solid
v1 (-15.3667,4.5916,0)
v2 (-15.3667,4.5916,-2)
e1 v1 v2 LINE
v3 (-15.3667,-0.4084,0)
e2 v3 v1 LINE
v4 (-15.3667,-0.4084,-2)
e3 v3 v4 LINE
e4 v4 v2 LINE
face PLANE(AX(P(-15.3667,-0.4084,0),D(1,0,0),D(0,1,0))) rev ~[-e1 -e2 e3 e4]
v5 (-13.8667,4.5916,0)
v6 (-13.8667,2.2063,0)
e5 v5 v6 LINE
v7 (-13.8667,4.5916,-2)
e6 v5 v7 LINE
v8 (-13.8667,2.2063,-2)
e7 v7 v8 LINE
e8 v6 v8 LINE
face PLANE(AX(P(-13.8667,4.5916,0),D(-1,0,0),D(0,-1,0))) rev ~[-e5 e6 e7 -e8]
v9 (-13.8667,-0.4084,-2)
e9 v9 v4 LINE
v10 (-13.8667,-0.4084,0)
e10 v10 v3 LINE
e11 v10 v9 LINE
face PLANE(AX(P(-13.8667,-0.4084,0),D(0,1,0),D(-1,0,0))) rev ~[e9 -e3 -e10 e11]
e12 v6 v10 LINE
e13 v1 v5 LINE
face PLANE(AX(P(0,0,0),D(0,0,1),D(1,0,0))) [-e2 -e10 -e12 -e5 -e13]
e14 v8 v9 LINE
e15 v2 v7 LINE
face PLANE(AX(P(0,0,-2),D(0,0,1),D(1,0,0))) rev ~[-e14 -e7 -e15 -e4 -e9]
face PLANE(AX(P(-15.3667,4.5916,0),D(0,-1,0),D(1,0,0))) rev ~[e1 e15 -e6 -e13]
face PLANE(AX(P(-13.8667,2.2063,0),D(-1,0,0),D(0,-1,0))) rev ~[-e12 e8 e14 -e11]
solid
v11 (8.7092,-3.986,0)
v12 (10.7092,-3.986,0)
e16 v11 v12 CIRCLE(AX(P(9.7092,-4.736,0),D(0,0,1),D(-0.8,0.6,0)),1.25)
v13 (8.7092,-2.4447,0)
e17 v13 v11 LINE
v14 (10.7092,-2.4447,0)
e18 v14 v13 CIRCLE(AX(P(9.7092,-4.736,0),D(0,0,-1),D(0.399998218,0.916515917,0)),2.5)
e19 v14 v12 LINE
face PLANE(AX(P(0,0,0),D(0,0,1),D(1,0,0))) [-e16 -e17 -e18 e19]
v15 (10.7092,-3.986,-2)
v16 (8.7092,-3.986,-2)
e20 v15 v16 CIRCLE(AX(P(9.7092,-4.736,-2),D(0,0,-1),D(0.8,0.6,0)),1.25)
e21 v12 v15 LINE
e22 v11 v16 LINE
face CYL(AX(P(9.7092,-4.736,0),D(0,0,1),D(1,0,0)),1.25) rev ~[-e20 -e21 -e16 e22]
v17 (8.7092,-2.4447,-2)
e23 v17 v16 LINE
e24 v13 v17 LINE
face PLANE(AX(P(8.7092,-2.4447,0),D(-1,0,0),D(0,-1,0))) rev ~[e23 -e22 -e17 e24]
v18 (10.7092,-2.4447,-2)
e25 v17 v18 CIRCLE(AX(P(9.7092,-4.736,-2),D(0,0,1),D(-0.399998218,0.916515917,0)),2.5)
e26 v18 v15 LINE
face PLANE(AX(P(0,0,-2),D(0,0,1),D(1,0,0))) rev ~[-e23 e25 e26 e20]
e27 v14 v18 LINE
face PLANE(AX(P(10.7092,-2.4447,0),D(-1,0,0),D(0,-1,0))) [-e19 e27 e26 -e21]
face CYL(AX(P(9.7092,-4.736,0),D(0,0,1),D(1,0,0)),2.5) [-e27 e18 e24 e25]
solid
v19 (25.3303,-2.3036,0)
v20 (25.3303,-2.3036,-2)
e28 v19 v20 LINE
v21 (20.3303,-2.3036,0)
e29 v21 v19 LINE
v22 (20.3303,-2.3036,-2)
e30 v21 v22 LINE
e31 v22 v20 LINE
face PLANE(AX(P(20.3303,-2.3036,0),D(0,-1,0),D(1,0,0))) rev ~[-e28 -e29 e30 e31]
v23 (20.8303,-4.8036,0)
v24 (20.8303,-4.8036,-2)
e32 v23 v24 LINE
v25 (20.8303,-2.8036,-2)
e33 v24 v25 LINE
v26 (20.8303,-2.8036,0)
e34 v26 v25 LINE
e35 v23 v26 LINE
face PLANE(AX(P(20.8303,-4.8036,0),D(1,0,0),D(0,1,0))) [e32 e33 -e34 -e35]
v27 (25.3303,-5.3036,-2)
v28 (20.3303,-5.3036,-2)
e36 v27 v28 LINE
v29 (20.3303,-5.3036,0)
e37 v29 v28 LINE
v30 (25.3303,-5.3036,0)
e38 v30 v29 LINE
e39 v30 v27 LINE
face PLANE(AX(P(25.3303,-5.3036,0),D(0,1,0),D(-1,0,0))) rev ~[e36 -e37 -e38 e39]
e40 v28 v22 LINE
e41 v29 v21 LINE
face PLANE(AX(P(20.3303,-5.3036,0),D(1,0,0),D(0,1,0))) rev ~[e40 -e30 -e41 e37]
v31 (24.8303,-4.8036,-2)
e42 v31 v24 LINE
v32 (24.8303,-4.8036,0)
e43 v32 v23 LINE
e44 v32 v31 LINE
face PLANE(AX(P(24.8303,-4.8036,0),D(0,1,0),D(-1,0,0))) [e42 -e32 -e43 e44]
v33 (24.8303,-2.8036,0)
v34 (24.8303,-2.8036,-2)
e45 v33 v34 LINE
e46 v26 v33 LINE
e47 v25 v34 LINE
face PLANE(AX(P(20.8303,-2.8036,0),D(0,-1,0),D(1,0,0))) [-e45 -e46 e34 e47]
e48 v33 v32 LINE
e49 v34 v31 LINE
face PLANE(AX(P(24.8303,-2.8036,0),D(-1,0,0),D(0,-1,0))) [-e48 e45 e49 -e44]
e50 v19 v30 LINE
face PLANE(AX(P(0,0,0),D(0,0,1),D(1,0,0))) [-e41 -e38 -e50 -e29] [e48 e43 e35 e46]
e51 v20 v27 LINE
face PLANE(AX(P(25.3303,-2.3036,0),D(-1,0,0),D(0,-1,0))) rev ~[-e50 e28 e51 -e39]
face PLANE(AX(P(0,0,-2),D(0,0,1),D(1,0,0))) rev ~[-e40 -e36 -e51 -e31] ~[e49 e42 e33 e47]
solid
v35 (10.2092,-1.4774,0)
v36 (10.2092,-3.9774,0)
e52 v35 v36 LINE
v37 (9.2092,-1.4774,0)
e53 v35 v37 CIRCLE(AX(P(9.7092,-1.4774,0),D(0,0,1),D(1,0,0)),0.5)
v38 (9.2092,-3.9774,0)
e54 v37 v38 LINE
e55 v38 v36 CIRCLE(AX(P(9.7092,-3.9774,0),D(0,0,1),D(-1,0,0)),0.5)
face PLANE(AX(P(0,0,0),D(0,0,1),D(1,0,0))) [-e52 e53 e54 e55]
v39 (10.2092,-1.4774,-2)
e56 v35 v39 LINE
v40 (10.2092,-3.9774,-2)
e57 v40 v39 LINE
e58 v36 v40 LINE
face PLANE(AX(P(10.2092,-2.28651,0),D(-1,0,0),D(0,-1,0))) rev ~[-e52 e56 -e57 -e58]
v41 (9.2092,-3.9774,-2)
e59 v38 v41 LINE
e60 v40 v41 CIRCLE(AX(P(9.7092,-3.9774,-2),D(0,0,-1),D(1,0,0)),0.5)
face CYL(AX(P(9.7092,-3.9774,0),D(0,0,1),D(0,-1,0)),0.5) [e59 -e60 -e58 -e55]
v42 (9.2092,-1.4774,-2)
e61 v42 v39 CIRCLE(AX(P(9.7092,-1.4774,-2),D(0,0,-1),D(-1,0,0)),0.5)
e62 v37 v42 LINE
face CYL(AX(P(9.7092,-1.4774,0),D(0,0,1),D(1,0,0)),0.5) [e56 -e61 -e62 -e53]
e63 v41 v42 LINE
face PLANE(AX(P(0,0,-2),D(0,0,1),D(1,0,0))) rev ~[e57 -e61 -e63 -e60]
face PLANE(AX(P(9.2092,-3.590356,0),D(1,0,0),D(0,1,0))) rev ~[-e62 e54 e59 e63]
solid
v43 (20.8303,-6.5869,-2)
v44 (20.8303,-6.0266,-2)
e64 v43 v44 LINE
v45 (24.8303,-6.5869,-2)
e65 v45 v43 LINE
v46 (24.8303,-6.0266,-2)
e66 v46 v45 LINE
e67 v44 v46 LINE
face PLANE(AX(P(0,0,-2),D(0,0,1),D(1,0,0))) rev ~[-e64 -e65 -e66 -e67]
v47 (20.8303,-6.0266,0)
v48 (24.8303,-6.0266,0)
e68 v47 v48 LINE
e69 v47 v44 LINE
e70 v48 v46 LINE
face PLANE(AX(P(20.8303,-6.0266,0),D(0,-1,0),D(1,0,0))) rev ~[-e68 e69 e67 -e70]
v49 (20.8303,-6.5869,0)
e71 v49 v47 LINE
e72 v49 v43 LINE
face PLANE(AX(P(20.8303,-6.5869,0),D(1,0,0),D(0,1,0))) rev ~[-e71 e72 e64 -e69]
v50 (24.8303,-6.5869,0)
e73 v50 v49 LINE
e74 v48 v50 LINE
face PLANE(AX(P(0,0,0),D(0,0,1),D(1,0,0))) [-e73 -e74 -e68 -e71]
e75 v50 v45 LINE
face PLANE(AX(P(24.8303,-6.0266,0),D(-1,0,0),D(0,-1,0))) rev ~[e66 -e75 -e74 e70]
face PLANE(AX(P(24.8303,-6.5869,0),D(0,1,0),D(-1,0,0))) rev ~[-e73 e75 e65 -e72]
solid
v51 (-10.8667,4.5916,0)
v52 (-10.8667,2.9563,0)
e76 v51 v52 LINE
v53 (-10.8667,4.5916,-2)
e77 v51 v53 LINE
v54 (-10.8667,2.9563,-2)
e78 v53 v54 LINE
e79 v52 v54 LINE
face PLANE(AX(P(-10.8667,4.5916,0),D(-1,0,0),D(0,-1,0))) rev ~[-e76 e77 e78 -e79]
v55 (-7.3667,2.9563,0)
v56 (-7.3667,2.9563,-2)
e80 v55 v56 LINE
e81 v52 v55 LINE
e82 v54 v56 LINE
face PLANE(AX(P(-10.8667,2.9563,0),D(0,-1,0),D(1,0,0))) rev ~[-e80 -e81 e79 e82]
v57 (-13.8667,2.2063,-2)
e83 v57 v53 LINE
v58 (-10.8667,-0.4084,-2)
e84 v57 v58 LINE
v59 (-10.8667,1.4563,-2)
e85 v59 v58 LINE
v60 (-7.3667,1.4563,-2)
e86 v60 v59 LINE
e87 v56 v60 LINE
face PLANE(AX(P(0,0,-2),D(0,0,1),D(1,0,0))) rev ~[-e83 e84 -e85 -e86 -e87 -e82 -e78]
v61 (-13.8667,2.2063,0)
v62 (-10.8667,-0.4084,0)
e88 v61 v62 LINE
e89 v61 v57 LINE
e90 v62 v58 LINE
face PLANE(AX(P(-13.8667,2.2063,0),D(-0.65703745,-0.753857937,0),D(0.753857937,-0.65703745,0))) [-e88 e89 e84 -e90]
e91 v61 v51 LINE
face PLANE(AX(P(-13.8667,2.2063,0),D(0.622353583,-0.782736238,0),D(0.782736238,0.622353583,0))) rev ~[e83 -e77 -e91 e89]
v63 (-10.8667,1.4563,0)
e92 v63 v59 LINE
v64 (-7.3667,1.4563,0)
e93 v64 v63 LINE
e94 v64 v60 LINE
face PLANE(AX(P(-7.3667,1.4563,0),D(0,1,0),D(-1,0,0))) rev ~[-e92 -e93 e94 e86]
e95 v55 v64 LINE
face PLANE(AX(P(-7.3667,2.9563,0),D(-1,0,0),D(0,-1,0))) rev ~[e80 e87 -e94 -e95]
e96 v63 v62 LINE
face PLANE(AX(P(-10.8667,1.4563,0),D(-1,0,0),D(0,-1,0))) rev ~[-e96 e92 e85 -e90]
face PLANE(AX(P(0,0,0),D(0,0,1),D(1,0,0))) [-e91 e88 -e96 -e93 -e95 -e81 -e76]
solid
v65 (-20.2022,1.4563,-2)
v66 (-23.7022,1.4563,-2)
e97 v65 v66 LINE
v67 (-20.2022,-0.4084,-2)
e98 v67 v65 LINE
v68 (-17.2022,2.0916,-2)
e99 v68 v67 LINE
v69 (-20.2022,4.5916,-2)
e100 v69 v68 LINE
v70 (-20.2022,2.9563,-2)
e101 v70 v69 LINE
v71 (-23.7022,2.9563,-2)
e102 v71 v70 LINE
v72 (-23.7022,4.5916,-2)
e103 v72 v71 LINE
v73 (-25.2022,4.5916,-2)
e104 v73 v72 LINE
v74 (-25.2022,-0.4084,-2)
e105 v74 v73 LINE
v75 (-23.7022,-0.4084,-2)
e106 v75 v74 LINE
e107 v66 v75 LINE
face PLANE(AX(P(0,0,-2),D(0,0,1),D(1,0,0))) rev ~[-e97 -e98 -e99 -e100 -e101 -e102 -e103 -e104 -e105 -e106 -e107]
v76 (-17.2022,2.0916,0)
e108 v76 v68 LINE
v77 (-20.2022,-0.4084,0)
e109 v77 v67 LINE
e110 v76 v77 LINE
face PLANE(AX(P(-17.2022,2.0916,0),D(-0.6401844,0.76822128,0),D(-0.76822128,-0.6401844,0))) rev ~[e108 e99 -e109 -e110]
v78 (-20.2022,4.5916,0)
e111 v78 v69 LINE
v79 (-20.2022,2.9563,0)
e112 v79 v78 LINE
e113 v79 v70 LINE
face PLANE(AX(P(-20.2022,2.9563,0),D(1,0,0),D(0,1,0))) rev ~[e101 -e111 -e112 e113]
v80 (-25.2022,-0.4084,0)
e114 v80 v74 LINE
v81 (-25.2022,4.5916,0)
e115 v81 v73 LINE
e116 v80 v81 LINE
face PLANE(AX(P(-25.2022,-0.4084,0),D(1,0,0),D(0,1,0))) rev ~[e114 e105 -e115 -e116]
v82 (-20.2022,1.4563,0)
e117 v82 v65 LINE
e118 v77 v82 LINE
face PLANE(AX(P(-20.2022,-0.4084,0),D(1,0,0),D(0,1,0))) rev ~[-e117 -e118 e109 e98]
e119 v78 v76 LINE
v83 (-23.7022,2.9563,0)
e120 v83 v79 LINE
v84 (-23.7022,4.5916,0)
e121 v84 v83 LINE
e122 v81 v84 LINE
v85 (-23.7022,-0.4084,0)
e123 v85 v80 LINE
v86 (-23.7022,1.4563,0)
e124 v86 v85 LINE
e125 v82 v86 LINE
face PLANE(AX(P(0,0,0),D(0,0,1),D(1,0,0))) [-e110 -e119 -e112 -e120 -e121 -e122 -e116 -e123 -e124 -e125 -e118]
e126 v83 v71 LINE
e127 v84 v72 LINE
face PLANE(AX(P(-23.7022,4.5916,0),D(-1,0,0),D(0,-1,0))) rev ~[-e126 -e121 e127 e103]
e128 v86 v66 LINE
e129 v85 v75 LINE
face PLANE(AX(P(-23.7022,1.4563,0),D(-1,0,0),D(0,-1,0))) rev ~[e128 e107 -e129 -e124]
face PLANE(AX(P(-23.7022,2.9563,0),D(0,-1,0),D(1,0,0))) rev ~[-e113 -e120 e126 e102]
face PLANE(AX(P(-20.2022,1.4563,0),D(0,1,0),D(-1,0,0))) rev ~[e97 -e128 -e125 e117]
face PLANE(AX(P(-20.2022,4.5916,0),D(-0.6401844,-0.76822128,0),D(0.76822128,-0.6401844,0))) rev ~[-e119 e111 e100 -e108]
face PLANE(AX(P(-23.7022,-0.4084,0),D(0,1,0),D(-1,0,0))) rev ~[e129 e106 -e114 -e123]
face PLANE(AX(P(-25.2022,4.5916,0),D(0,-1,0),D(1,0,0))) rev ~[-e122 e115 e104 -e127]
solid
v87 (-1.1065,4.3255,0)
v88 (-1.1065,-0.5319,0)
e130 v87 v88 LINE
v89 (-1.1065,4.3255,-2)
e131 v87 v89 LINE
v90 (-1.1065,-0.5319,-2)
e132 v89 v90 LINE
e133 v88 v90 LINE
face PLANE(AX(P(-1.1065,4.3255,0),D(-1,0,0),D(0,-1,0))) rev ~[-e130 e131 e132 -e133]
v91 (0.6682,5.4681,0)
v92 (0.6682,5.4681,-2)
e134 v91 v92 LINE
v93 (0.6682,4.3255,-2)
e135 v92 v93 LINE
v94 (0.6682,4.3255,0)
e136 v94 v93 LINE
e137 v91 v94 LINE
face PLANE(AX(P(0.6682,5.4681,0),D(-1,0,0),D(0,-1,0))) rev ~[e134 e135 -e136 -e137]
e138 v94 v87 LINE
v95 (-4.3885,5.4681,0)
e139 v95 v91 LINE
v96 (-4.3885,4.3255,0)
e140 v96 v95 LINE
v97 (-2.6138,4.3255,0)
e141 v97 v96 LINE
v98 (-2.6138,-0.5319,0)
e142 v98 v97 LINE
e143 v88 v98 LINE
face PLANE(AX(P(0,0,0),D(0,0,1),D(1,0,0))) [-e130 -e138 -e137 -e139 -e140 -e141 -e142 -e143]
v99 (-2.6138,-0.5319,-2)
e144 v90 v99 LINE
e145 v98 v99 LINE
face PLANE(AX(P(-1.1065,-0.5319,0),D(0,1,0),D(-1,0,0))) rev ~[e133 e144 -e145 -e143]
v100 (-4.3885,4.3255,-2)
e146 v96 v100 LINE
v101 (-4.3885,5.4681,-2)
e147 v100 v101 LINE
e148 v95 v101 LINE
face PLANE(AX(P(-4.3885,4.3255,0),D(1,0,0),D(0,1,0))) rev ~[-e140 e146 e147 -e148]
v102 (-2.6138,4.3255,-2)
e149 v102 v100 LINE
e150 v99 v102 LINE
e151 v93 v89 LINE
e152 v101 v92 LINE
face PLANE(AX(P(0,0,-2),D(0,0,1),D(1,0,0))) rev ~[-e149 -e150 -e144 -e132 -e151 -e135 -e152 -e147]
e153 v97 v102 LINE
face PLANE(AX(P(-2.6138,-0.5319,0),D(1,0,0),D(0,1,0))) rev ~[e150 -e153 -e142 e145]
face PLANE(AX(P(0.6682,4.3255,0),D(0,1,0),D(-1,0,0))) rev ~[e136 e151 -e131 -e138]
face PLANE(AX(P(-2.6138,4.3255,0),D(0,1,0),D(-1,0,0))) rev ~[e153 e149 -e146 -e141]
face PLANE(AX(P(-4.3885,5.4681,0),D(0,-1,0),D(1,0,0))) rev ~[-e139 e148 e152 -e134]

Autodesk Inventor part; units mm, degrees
ref_plane "YZ Plane" through (0, 0, 0) normal (1, 0, 0) x (0, 1, 0)
ref_plane "XZ Plane" through (0, 0, 0) normal (0, 1, 0) x (-1, 0, 0)
ref_plane "XY Plane" through (0, 0, 0) normal (0, 0, 1) x (1, 0, 0)
ref_plane "Work Plane1" through (0, 0, 0) normal (0, 0, 1) x (1, 0, 0)
sketch "Sketch1" plane through (0, 0, 0) normal (0, 0, 1) x (1, 0, 0)
  line L0 (-25.2022, 4.5916) -> (-23.7022, 4.5916)
  line L1 (-23.7022, 4.5916) -> (-23.7022, -0.4084)
  line L2 (-23.7022, -0.4084) -> (-25.2022, -0.4084)
  line L3 (-25.2022, -0.4084) -> (-25.2022, 4.5916)
  line L4 (-23.7022, 2.9563) -> (-20.2022, 2.9563)
  line L5 (-20.2022, 2.9563) -> (-20.2022, 1.4563)
  line L6 (-20.2022, 1.4563) -> (-23.7022, 1.4563)
  line L7 (-20.2022, 2.9563) -> (-20.2022, 4.5916)
  line L8 (-20.2022, 4.5916) -> (-17.2022, 2.0916)
  line L9 (-17.2022, 2.0916) -> (-20.2022, -0.4084)
  line L10 (-20.2022, -0.4084) -> (-20.2022, 1.4563)
  line L11 (-4.3885, 5.4681) -> (0.6682, 5.4681) construction
  line L12 (0.6682, 5.4681) -> (0.6682, -0.5319) construction
  line L13 (0.6682, -0.5319) -> (-4.3885, -0.5319) construction
  line L14 (-4.3885, -0.5319) -> (-4.3885, 5.4681) construction
  line L15 (-15.3667, 4.5916) -> (-13.8667, 4.5916)
  line L16 (-13.8667, 4.5916) -> (-13.8667, -0.4084)
  line L17 (-13.8667, -0.4084) -> (-15.3667, -0.4084)
  line L18 (-15.3667, -0.4084) -> (-15.3667, 4.5916)
  line L19 (-13.8667, 2.2063) -> (-10.8667, 4.5916)
  line L20 (-13.8667, 2.2063) -> (-10.8667, -0.4084)
  line L21 (-10.8667, 4.5916) -> (-10.8667, -0.4084)
  line L22 (-10.8667, 2.9563) -> (-7.3667, 2.9563)
  line L23 (-7.3667, 2.9563) -> (-7.3667, 1.4563)
  line L24 (-7.3667, 1.4563) -> (-10.8667, 1.4563)
  line L25 (-10.8667, 1.4563) -> (-10.8667, 2.9563)
  circle A0 centre (9.7092, -4.736) radius 2.5
  circle A1 centre (9.7092, -4.736) radius 1.25
  line L26 (9.7092, -0.9774) -> (9.7092, -0.9774)
  line L27 (10.2092, -1.4774) -> (10.2092, -3.9774)
  line L28 (9.7092, -4.4774) -> (9.7092, -4.4774)
  line L29 (9.2092, -3.9774) -> (9.2092, -1.4774)
  arc A2 (9.7092, -4.4774) -> (10.2092, -3.9774) centre (9.7092, -3.9774) ccw
  arc A3 (9.2092, -3.9774) -> (9.7092, -4.4774) centre (9.7092, -3.9774) ccw
  arc A4 (9.7092, -0.9774) -> (9.2092, -1.4774) centre (9.7092, -1.4774) ccw
  arc A5 (10.2092, -1.4774) -> (9.7092, -0.9774) centre (9.7092, -1.4774) ccw
  line L30 (8.7092, -2.4447) -> (8.7092, -3.986)
  line L31 (10.7092, -2.4447) -> (10.7092, -3.986)
  line L32 (20.3303, -2.3036) -> (25.3303, -2.3036)
  line L33 (25.3303, -2.3036) -> (25.3303, -5.3036)
  line L34 (25.3303, -5.3036) -> (20.3303, -5.3036)
  line L35 (20.3303, -5.3036) -> (20.3303, -2.3036)
  line L36 (20.8303, -2.8036) -> (24.8303, -2.8036)
  line L37 (24.8303, -2.8036) -> (24.8303, -4.8036)
  line L38 (24.8303, -4.8036) -> (20.8303, -4.8036)
  line L39 (20.8303, -4.8036) -> (20.8303, -2.8036)
  line L40 (20.8303, -6.0266) -> (24.8303, -6.0266)
  line L41 (24.8303, -6.0266) -> (24.8303, -6.5869)
  line L42 (24.8303, -6.5869) -> (20.8303, -6.5869)
  line L43 (20.8303, -6.5869) -> (20.8303, -6.0266)
  line L44 (-2.6138, -0.5319) -> (-2.6138, 4.3255)
  line L45 (-2.6138, 4.3255) -> (-4.3885, 4.3255)
  line L46 (-4.3885, 4.3255) -> (-4.3885, 5.4681)
  line L47 (-4.3885, 5.4681) -> (0.6682, 5.4681)
  line L48 (0.6682, 5.4681) -> (0.6682, 4.3255)
  line L49 (0.6682, 4.3255) -> (-1.1065, 4.3255)
  line L50 (-1.1065, 4.3255) -> (-1.1065, -0.5319)
  line L51 (-1.1065, -0.5319) -> (-2.6138, -0.5319)
  point P0 (0, 0)
  point P1 (10.2092, -4.4774)
  point P2 (10.2092, -0.9774)
  point P3 (9.2092, -4.4774)
  point P4 (20.8303, -3.8036)
  dimension "d0" = 1.5
  dimension "d1" = 5
  dimension "d2" = 1.5
  dimension "d3" = 3.5
  dimension "d4" = 3
  dimension "d5" = 1.5
  dimension "d6" = 5
  dimension "d7" = 3
  dimension "d8" = 3.5
  dimension "d9" = 1.5
  dimension "d10" = 5
  dimension "d11" = 2.5
  dimension "d12" = 1
  dimension "d13" = 3.5
  dimension "d14" = 0.5
  dimension "d15" = 0.5
  dimension "d16" = 0.5
  dimension "d17" = 0.5
  dimension "d20" = 5
  dimension "d21" = 3
  dimension "d22" = 4
  dimension "d23" = 2
  dimension "d24" = 0.5
  dimension "d25" = 0.5
extrude "Extrusion1" add sketch "Sketch1" against normal blind 2 contours L0 L1 L2 L3 | L4 L5 L6 L1 | L7 L8 L9 L10 L5 | L19 L21 L20 | L15 L16 L17 L18 | L22 L23 L24 L21 | A0 L30 A1 L31 | L27 A1 L29 A0 | A0 L29 A4 A5 L27 | L27 A2 A3 L29 A1 | L32 L33 L34 L35 | L40 L41 L42 L43 | L44 L45 L46 L47 L48 L49 L50 L51 picked at (9.961, -3.6586)
properties part number "InterfacePlateTextOrange"
